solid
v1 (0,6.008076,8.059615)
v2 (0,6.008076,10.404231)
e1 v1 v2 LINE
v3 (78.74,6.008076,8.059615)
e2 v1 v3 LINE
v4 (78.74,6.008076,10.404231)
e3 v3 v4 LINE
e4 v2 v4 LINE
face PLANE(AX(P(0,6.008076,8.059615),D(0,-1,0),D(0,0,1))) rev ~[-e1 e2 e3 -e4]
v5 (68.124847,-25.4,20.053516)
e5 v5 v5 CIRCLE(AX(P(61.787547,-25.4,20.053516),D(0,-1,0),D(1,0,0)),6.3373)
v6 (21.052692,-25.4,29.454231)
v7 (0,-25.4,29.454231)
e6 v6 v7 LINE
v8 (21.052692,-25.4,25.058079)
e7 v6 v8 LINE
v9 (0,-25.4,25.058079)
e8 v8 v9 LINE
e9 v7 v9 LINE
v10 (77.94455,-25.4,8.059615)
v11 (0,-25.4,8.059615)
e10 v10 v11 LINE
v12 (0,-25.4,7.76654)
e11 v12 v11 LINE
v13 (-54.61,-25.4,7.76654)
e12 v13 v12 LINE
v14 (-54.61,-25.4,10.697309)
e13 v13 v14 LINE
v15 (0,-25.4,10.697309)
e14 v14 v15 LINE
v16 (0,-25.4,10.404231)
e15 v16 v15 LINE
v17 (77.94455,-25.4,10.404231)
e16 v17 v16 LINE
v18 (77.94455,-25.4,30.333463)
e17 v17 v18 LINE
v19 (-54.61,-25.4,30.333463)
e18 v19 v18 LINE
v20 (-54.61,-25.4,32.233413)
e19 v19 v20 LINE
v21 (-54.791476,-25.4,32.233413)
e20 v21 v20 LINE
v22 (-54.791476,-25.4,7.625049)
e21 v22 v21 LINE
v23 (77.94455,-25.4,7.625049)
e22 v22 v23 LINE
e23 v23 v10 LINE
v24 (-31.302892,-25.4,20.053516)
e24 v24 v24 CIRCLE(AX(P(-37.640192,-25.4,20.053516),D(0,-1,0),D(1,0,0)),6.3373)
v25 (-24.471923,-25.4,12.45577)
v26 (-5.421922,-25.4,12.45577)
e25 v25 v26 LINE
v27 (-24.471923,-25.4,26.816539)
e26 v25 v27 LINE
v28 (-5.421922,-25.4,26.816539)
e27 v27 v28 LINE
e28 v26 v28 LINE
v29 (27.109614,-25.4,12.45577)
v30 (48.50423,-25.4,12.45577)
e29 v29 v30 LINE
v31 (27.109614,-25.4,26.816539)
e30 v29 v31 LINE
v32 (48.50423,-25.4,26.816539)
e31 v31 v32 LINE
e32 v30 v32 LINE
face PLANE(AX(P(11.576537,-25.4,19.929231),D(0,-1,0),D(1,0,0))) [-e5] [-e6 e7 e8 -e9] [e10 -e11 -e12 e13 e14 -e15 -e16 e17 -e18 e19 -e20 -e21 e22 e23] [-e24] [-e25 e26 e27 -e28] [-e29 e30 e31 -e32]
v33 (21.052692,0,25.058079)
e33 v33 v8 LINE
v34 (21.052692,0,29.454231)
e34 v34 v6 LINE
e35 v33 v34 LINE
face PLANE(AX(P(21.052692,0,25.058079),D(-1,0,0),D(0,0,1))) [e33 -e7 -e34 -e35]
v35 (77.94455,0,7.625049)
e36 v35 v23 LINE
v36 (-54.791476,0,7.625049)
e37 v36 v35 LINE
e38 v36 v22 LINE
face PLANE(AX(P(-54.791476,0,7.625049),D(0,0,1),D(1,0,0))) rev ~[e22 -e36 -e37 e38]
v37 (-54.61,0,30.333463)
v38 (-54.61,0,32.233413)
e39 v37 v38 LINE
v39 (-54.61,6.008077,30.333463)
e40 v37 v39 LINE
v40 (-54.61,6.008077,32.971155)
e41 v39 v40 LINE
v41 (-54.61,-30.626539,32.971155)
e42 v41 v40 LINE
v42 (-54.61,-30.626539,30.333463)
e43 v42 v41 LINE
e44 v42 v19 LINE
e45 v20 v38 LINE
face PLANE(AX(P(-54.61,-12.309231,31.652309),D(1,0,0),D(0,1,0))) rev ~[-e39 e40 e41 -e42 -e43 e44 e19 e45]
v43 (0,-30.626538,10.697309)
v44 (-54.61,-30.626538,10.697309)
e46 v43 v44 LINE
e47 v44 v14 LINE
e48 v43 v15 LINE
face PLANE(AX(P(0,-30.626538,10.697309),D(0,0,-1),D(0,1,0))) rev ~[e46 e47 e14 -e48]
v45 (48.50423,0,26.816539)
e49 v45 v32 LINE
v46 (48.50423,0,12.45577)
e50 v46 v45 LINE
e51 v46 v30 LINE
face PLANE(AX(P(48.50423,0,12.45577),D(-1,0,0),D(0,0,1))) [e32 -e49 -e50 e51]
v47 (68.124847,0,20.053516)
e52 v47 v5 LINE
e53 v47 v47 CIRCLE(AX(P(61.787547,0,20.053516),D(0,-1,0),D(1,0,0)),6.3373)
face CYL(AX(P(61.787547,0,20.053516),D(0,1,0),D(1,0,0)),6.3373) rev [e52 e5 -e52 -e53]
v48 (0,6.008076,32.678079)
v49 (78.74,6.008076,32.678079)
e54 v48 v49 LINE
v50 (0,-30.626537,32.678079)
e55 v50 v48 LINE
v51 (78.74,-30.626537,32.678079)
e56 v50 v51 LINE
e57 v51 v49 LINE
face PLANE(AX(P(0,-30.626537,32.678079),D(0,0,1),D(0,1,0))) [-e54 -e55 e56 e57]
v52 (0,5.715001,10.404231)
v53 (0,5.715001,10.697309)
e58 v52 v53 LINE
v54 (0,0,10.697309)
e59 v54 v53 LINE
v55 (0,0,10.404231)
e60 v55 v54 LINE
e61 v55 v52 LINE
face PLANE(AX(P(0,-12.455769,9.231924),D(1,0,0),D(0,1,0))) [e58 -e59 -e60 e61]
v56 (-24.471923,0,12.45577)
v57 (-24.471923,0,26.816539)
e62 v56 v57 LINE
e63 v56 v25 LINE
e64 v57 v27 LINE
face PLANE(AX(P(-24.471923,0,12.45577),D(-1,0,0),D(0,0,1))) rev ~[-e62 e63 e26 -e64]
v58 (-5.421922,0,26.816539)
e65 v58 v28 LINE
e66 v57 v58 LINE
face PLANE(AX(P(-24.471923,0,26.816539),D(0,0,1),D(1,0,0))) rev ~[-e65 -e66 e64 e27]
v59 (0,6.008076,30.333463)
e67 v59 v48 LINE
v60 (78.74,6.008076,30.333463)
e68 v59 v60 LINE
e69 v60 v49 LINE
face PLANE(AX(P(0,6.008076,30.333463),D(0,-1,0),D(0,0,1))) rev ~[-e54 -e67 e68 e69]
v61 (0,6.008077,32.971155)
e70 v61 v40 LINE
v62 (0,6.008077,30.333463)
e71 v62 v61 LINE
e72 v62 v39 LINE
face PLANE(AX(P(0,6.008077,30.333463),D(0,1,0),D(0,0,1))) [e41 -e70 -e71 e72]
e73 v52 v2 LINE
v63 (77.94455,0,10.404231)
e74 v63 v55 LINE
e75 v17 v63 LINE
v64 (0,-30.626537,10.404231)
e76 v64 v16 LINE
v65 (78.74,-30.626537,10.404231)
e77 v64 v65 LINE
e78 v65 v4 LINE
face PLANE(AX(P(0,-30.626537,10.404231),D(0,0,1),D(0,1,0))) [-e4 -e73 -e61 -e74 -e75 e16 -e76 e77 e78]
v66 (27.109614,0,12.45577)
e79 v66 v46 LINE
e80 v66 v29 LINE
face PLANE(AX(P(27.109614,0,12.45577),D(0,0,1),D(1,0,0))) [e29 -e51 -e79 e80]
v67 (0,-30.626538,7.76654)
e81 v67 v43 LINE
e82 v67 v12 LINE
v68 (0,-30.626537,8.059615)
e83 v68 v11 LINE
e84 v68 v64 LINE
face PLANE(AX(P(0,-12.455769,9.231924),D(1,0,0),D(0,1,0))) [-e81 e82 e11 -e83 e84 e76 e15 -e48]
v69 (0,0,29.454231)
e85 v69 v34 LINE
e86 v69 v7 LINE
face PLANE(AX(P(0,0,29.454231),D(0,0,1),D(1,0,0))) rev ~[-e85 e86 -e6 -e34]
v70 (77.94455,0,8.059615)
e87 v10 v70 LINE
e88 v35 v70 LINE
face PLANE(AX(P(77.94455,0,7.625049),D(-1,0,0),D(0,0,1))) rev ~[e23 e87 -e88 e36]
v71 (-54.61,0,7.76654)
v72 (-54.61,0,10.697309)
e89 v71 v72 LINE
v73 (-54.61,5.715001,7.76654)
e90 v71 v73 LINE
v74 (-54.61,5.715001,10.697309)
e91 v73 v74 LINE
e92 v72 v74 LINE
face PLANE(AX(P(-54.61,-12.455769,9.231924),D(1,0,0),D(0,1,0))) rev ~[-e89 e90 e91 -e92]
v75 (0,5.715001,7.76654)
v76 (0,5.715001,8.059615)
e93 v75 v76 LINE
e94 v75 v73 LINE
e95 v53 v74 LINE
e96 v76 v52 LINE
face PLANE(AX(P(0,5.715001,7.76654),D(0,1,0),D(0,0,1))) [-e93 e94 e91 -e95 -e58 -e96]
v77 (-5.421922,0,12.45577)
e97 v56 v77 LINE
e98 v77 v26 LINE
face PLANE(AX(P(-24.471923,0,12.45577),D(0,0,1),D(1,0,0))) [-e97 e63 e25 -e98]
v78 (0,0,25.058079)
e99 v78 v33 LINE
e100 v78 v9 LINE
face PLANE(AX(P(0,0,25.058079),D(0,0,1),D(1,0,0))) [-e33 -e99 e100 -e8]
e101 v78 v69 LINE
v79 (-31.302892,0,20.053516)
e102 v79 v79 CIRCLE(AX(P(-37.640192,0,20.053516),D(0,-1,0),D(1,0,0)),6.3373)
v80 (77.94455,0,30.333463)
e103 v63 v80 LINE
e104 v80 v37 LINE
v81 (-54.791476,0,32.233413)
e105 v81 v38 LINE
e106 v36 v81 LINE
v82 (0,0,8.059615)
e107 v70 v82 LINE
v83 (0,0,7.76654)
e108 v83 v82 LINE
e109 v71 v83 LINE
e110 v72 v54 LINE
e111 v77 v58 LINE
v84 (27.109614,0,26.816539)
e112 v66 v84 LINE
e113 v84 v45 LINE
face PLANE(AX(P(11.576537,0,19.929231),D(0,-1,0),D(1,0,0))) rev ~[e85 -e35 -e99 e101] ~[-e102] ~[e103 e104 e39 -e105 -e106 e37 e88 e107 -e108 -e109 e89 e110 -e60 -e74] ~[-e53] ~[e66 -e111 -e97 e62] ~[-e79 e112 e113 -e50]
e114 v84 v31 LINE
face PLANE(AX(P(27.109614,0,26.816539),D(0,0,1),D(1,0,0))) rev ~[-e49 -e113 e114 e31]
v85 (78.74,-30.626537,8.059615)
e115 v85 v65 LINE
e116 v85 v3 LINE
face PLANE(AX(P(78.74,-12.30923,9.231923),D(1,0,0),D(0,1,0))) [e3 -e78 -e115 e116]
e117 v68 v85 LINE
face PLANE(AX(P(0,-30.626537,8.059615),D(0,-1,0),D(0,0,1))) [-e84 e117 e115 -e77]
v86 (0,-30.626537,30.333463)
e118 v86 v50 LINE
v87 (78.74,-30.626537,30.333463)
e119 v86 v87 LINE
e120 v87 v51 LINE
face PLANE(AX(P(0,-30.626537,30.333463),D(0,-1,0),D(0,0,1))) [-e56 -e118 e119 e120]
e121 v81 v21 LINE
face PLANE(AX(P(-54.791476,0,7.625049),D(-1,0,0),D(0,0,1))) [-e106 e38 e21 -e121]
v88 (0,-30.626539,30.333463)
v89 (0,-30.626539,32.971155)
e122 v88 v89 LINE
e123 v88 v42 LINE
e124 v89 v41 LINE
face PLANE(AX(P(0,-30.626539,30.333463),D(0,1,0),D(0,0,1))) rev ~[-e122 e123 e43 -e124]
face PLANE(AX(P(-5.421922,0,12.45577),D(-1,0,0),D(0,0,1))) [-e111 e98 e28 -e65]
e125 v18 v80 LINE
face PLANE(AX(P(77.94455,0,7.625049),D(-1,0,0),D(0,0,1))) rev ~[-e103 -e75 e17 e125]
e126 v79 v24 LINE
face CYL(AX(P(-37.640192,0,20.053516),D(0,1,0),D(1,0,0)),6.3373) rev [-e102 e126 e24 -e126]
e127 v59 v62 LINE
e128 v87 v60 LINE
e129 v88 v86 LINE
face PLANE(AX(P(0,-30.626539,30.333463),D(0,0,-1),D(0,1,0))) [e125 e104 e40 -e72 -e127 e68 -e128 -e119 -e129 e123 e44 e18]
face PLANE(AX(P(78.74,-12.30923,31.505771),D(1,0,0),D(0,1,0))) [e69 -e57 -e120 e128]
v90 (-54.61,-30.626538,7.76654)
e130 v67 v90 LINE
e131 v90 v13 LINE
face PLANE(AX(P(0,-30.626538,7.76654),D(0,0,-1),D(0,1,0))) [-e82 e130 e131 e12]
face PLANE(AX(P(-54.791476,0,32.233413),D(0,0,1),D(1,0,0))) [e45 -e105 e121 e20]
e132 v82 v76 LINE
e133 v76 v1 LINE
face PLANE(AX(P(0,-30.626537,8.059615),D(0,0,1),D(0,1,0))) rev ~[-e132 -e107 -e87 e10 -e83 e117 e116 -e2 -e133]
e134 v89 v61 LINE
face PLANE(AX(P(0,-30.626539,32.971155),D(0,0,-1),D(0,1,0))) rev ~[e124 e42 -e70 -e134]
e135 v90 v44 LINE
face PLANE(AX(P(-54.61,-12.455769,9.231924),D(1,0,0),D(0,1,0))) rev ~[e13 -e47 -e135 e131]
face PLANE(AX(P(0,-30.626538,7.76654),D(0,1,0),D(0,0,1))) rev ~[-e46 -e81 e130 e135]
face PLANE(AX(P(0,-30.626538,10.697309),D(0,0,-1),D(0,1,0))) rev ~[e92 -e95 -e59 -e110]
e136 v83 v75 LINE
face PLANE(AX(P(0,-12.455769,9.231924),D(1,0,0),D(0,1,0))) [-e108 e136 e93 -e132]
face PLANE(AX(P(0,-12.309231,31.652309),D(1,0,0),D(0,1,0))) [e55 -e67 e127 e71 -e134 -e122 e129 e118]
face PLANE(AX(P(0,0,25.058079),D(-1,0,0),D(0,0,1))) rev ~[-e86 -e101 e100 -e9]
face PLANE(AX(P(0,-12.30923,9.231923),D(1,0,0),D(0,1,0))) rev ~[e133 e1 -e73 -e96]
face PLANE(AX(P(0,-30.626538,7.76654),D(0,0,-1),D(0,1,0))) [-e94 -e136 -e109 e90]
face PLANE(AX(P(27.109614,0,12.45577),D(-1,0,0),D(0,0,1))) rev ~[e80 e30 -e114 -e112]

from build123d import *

# Parameters (mm, degrees)
F0_W     = 132.736026
F0_H     = 24.608365
F0_W_2   = 19.050001
F0_H_2   = 14.360769
F0_W_3   = 21.394616
F0_R     = 6.3373
F1_DEPTH = 25.4
F2_W     = 36.634613
F2_H     = 2.344616
F3_DEPTH = 78.74
F4_W     = 36.634616
F4_H     = 2.637692
F4_W_2   = 36.341539
F4_H_2   = 2.930769
F5_DEPTH = 54.61
F6_W     = 21.052692
F6_H     = 4.396153
F7_DEPTH = 50.8


with BuildPart() as f1:
    # F0 (on Front) → F1 (new body)
    with BuildSketch(Plane.XZ):
        with Locations((11.576537, 19.929231)):
            Rectangle(F0_W, F0_H)
        with Locations((-14.946923, 19.636154)):
            Rectangle(F0_W_2, F0_H_2, mode=Mode.SUBTRACT)
        with Locations((37.806922, 19.636154)):
            Rectangle(F0_W_3, F0_H_2, mode=Mode.SUBTRACT)
        with Locations((-37.640192, 20.053516)):
            Circle(F0_R, mode=Mode.SUBTRACT)
        with Locations((61.787547, 20.053516)):
            Circle(F0_R, mode=Mode.SUBTRACT)
    extrude(amount=F1_DEPTH)

    # F2 (on Right) → F3 (join)
    with BuildSketch(Plane.YZ):
        with Locations((-12.30923, 31.505771)):
            Rectangle(F2_W, F2_H)
        with Locations((-12.30923, 9.231923)):
            Rectangle(F2_W, F2_H)
    extrude(amount=F3_DEPTH)

    # F4 (on Right) → F5 (join)
    with BuildSketch(Plane.YZ):
        with Locations((-12.309231, 31.652309)):
            Rectangle(F4_W, F4_H)
        with Locations((-12.455769, 9.231924)):
            Rectangle(F4_W_2, F4_H_2)
    extrude(amount=-F5_DEPTH)

    # F6 (on Front) → F7 (cut)
    with BuildSketch(Plane.XZ):
        with Locations((10.526346, 27.256155)):
            Rectangle(F6_W, F6_H)
    extrude(amount=F7_DEPTH, mode=Mode.SUBTRACT)


solid = f1.part
